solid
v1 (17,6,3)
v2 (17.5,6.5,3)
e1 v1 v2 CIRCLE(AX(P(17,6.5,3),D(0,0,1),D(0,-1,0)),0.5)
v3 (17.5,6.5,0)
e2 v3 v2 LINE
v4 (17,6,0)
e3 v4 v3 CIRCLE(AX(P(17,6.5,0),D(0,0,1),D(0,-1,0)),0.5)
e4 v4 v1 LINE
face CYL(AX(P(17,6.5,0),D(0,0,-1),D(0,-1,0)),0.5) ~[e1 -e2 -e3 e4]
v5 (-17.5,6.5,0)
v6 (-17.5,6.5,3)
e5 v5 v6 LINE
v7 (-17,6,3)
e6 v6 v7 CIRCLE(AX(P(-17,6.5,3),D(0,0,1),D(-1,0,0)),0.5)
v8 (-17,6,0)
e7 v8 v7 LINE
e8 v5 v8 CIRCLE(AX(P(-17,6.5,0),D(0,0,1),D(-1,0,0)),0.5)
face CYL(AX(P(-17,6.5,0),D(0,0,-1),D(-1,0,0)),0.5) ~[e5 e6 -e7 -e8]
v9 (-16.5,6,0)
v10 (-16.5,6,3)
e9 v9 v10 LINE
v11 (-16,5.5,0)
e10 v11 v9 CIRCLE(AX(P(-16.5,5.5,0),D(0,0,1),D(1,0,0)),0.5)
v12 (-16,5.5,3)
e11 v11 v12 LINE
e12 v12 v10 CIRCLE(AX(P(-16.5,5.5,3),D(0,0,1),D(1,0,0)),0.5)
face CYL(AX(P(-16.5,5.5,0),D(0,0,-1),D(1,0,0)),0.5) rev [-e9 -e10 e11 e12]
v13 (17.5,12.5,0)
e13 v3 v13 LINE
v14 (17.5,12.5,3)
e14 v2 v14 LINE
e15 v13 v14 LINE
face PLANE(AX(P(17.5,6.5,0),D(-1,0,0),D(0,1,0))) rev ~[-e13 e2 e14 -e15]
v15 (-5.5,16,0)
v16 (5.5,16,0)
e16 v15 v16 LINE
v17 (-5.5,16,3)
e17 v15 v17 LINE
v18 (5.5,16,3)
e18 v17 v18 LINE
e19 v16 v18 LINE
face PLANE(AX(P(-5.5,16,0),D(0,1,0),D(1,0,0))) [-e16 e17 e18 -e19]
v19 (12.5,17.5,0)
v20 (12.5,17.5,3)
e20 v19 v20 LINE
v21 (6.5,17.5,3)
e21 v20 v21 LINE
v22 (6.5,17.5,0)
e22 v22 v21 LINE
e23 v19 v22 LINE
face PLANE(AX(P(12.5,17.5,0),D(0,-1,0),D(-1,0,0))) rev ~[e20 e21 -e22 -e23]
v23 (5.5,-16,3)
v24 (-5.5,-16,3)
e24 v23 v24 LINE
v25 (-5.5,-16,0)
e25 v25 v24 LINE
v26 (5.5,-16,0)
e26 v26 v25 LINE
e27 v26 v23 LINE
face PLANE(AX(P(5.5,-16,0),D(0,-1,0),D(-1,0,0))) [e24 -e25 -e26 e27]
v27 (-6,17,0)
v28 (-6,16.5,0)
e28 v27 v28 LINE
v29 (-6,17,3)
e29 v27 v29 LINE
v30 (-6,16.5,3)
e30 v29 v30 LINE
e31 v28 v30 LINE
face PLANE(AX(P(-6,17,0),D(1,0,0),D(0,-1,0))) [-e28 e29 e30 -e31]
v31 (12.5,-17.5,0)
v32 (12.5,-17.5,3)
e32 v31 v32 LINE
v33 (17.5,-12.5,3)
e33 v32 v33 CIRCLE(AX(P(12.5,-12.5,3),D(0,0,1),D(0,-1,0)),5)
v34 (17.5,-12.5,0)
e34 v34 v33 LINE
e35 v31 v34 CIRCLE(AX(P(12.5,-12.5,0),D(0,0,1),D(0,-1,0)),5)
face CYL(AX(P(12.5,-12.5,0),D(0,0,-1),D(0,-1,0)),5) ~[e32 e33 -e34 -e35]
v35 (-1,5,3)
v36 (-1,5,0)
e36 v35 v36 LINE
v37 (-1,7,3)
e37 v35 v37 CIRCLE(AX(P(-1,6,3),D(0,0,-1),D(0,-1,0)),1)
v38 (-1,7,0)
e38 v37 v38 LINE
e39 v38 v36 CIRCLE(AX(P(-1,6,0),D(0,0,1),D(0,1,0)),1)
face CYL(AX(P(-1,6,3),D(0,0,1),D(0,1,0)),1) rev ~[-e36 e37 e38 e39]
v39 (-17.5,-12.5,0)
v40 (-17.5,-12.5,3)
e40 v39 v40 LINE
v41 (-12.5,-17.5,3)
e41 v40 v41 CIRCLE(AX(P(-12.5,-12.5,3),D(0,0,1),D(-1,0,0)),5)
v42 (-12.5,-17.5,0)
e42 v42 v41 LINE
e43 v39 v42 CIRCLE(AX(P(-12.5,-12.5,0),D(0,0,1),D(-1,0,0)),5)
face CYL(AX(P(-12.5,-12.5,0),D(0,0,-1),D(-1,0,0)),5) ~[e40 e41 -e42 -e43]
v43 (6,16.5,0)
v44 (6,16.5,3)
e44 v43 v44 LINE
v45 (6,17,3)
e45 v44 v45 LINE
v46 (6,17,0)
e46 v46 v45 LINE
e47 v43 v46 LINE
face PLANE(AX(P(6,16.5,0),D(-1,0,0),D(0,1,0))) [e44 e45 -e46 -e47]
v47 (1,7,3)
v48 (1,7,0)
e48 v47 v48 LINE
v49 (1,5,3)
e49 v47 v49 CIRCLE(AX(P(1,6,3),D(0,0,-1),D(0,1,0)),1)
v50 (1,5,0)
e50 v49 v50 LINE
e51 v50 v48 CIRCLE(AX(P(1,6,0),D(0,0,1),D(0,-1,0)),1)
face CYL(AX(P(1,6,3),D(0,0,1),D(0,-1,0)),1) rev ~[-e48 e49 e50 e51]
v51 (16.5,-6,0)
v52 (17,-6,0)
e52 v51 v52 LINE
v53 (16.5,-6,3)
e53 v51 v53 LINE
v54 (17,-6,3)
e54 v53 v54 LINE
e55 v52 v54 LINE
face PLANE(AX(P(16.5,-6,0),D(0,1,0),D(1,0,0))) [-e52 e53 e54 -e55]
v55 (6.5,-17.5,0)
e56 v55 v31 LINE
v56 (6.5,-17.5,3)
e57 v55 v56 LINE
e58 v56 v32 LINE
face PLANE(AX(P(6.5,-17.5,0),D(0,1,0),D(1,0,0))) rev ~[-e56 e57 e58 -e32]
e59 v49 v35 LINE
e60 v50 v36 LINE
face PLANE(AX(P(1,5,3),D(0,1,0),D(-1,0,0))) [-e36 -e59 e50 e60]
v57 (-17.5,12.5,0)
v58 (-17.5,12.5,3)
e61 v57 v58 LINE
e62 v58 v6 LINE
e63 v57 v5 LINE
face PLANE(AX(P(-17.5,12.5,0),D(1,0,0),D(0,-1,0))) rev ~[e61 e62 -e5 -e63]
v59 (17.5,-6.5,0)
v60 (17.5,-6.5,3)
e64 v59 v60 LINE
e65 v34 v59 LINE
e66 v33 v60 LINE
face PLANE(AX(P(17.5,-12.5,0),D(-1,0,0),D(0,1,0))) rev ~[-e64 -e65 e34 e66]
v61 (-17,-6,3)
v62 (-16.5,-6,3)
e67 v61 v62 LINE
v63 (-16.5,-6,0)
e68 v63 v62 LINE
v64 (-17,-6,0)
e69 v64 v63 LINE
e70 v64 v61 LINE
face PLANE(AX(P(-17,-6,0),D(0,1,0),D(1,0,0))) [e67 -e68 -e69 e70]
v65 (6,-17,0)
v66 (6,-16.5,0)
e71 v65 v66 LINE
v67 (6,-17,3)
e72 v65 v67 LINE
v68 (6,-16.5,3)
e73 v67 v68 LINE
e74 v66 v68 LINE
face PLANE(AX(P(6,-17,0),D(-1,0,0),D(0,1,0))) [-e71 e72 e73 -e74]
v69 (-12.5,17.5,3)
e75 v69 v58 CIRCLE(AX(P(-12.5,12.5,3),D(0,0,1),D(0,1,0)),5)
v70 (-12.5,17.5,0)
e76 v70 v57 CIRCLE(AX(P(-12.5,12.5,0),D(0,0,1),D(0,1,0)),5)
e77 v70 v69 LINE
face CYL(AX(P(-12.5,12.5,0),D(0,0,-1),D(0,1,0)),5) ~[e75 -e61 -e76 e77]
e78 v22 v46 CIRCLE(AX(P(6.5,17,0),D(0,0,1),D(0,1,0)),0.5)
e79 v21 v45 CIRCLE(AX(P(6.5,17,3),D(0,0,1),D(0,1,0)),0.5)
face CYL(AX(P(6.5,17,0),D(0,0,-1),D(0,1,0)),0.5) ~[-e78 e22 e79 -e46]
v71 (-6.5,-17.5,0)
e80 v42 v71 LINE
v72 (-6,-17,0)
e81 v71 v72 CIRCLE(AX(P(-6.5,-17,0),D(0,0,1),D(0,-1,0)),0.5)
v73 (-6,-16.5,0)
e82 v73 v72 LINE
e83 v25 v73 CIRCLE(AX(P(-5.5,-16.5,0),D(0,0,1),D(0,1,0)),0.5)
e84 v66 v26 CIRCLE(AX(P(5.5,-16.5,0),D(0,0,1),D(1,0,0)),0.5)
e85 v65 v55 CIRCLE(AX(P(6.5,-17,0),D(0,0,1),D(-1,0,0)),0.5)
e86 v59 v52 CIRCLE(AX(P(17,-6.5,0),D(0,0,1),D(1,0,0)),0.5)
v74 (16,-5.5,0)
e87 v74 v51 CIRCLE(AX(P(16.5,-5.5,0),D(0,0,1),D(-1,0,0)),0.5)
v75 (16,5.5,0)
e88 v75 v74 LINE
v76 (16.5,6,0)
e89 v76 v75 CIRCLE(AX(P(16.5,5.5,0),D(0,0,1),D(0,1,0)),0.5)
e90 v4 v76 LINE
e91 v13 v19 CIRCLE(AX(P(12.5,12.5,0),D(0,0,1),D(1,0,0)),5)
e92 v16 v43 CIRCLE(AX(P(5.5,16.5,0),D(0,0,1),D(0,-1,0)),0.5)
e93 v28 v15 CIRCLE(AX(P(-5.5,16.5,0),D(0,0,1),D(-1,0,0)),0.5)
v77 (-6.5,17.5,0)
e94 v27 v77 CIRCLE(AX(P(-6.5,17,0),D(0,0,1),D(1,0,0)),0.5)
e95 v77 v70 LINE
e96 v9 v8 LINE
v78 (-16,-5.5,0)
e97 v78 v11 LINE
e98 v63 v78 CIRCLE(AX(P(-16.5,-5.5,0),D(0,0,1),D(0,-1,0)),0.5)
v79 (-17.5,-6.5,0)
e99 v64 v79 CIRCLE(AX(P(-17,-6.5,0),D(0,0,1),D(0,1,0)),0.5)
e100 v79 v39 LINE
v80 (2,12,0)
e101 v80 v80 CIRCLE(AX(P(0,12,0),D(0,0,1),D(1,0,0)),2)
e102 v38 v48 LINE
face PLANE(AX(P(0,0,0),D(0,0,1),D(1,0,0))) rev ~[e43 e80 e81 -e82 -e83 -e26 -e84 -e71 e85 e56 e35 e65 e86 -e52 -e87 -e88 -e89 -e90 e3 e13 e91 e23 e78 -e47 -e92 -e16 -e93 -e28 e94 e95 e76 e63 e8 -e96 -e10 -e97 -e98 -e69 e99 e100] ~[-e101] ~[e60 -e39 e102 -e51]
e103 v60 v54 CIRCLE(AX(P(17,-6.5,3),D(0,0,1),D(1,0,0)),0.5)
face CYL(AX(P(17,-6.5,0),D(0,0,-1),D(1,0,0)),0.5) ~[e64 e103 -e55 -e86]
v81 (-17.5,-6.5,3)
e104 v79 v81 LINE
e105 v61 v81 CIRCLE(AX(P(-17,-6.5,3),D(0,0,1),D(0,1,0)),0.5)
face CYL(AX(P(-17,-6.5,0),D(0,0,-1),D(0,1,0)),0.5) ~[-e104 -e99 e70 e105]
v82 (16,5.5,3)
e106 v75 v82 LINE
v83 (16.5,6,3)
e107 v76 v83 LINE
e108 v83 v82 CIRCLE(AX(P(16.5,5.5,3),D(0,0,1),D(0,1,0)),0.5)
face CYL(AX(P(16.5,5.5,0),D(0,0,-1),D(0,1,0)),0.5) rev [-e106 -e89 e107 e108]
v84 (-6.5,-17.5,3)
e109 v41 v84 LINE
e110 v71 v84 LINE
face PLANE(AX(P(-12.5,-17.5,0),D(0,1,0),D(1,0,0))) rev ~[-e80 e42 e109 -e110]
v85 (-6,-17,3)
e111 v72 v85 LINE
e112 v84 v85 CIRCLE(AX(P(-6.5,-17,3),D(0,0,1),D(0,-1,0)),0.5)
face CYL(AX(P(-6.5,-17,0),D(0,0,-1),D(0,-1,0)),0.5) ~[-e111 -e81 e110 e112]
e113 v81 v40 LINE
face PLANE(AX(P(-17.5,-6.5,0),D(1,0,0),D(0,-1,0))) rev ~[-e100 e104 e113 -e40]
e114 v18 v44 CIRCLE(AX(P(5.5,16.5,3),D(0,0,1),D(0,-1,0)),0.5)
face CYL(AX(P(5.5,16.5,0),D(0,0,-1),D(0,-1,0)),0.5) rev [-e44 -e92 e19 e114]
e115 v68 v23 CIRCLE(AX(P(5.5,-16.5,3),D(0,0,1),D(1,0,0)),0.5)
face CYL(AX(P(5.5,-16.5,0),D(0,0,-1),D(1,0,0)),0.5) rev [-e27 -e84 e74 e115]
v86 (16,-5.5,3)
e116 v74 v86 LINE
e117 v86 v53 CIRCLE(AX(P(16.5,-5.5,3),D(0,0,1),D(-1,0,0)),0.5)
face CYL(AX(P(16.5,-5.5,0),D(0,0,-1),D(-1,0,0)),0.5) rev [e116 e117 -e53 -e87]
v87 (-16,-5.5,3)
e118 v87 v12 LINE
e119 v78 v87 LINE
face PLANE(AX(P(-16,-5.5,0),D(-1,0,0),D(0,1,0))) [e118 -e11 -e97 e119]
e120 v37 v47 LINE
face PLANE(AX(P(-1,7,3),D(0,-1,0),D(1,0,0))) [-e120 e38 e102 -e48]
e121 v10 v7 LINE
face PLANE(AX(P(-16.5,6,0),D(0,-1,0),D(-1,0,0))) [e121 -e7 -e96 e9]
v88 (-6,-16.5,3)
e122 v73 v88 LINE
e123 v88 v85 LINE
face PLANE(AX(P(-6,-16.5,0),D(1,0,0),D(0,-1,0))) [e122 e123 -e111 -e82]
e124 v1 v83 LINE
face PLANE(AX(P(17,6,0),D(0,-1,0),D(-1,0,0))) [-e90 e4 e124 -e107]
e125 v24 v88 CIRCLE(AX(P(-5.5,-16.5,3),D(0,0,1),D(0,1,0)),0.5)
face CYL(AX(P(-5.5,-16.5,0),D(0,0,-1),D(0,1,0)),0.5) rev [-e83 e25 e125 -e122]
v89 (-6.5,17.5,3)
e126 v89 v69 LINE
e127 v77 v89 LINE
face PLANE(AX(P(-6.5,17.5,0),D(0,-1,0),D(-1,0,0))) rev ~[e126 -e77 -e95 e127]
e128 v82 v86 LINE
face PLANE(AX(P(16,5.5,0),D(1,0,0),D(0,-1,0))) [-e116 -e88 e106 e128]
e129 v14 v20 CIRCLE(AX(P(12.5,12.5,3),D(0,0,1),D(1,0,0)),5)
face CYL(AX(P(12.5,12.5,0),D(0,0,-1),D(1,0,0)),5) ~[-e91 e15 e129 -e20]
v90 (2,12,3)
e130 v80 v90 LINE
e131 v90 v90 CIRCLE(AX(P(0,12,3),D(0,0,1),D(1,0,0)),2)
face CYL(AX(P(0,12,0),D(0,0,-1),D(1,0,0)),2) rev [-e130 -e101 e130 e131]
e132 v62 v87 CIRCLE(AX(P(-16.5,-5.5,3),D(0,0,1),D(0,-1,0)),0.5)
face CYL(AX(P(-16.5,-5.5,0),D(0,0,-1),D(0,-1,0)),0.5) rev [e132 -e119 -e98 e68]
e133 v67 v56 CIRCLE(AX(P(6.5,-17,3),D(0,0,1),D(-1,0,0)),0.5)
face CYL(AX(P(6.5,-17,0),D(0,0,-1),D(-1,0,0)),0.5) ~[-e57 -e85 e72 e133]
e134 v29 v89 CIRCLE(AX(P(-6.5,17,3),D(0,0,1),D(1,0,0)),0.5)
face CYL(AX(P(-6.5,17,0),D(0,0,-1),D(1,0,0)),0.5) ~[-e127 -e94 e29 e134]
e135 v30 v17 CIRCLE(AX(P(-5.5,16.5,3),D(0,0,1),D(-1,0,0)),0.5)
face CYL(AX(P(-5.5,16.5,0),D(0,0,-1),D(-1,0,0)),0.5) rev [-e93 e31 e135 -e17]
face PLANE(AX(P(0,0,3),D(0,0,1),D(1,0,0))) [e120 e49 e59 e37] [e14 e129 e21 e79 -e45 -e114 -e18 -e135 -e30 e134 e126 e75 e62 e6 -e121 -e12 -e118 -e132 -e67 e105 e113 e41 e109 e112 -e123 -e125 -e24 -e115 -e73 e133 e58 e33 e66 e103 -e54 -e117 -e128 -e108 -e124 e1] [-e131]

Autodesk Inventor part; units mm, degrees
ref_plane "YZ Plane" through (0, 0, 0) normal (1, 0, 0) x (0, 1, 0)
ref_plane "XZ Plane" through (0, 0, 0) normal (0, 1, 0) x (-1, 0, 0)
ref_plane "XY Plane" through (0, 0, 0) normal (0, 0, 1) x (1, 0, 0)
sketch "Sketch1" plane through (0, 0, 0) normal (0, 0, 1) x (1, 0, 0)
  circle A0 centre (0, 12) radius 2
  line L0 (-17, -6) -> (-16.5, -6)
  line L1 (-16, -5.5) -> (-16, 5.5)
  line L2 (-16.5, 6) -> (-17, 6)
  line L3 (-17.5, 12.5) -> (-17.5, 6.5)
  line L4 (-17.5, -6.5) -> (-17.5, -12.5)
  arc A1 (-16.5, -6) -> (-16, -5.5) centre (-16.5, -5.5) ccw
  arc A2 (-16, 5.5) -> (-16.5, 6) centre (-16.5, 5.5) ccw
  arc A3 (-17.5, 6.5) -> (-17, 6) centre (-17, 6.5) ccw
  arc A4 (-17, -6) -> (-17.5, -6.5) centre (-17, -6.5) ccw
  line L5 (6, -17) -> (6, -16.5)
  line L6 (5.5, -16) -> (-5.5, -16)
  line L7 (-6, -16.5) -> (-6, -17)
  arc A5 (6, -16.5) -> (5.5, -16) centre (5.5, -16.5) ccw
  arc A6 (-5.5, -16) -> (-6, -16.5) centre (-5.5, -16.5) ccw
  arc A7 (-6.5, -17.5) -> (-6, -17) centre (-6.5, -17) ccw
  arc A8 (6, -17) -> (6.5, -17.5) centre (6.5, -17) ccw
  line L8 (17, 6) -> (16.5, 6)
  line L9 (16, 5.5) -> (16, -5.5)
  line L10 (16.5, -6) -> (17, -6)
  arc A9 (16.5, 6) -> (16, 5.5) centre (16.5, 5.5) ccw
  arc A10 (16, -5.5) -> (16.5, -6) centre (16.5, -5.5) ccw
  arc A11 (17.5, -6.5) -> (17, -6) centre (17, -6.5) ccw
  arc A12 (17, 6) -> (17.5, 6.5) centre (17, 6.5) ccw
  line L11 (-6, 17) -> (-6, 16.5)
  line L12 (-5.5, 16) -> (5.5, 16)
  line L13 (6, 16.5) -> (6, 17)
  arc A13 (-6, 16.5) -> (-5.5, 16) centre (-5.5, 16.5) ccw
  arc A14 (5.5, 16) -> (6, 16.5) centre (5.5, 16.5) ccw
  arc A15 (6.5, 17.5) -> (6, 17) centre (6.5, 17) ccw
  arc A16 (-6, 17) -> (-6.5, 17.5) centre (-6.5, 17) ccw
  line L14 (12.5, 17.5) -> (6.5, 17.5)
  line L15 (-6.5, 17.5) -> (-12.5, 17.5)
  line L16 (17.5, -12.5) -> (17.5, -6.5)
  line L17 (17.5, 6.5) -> (17.5, 12.5)
  line L18 (-12.5, -17.5) -> (-6.5, -17.5)
  line L19 (6.5, -17.5) -> (12.5, -17.5)
  arc A17 (-17.5, -12.5) -> (-12.5, -17.5) centre (-12.5, -12.5) ccw
  arc A18 (-12.5, 17.5) -> (-17.5, 12.5) centre (-12.5, 12.5) ccw
  arc A19 (17.5, 12.5) -> (12.5, 17.5) centre (12.5, 12.5) ccw
  arc A20 (12.5, -17.5) -> (17.5, -12.5) centre (12.5, -12.5) ccw
  point P0 (0, 0)
  point P1 (16, 0)
  point P2 (-16, 6)
  point P3 (-16, -6)
  point P4 (-16, 0)
  point P5 (-6, -16)
  point P6 (6, -16)
  point P7 (0, -16)
  point P8 (16, -6)
  point P9 (16, 6)
  point P10 (6, 16)
  point P11 (-6, 16)
  point P12 (0, 16)
  dimension "d6" = 4
  dimension "d44" = 12
  dimension "d45" = 0.5
  dimension "d48" = 360
  dimension "d50" = 5
  dimension "d64" = 12
  dimension "d65" = 16
  dimension "d66" = 35
extrude "Extrusion6" add sketch "Sketch1" along normal blind 3
sketch "Sketch4" plane through (0, 0, 3) normal (0, 0, 1) x (1, 0, 0)
  line L0 (-1, 7) -> (1, 7)
  line L1 (2, 6) -> (2, 6)
  line L2 (1, 5) -> (-1, 5)
  line L3 (-2, 6) -> (-2, 6)
  arc A0 (-1, 7) -> (-2, 6) centre (-1, 6) ccw
  arc A1 (2, 6) -> (1, 7) centre (1, 6) ccw
  arc A2 (1, 5) -> (2, 6) centre (1, 6) ccw
  arc A3 (-2, 6) -> (-1, 5) centre (-1, 6) ccw
  point P0 (0, 0)
  point P1 (-2, 7)
  point P2 (2, 5)
  point P3 (-2, 5)
  point P4 (0, 5)
  dimension "d76" = 2
  dimension "d77" = 4
  dimension "d78" = 5
  dimension "d79" = 1
extrude "Extrusion8" cut sketch "Sketch4" against normal through all
properties part number "020914 Aft Outer Endcap" material "Polycarbonate, Clear"
